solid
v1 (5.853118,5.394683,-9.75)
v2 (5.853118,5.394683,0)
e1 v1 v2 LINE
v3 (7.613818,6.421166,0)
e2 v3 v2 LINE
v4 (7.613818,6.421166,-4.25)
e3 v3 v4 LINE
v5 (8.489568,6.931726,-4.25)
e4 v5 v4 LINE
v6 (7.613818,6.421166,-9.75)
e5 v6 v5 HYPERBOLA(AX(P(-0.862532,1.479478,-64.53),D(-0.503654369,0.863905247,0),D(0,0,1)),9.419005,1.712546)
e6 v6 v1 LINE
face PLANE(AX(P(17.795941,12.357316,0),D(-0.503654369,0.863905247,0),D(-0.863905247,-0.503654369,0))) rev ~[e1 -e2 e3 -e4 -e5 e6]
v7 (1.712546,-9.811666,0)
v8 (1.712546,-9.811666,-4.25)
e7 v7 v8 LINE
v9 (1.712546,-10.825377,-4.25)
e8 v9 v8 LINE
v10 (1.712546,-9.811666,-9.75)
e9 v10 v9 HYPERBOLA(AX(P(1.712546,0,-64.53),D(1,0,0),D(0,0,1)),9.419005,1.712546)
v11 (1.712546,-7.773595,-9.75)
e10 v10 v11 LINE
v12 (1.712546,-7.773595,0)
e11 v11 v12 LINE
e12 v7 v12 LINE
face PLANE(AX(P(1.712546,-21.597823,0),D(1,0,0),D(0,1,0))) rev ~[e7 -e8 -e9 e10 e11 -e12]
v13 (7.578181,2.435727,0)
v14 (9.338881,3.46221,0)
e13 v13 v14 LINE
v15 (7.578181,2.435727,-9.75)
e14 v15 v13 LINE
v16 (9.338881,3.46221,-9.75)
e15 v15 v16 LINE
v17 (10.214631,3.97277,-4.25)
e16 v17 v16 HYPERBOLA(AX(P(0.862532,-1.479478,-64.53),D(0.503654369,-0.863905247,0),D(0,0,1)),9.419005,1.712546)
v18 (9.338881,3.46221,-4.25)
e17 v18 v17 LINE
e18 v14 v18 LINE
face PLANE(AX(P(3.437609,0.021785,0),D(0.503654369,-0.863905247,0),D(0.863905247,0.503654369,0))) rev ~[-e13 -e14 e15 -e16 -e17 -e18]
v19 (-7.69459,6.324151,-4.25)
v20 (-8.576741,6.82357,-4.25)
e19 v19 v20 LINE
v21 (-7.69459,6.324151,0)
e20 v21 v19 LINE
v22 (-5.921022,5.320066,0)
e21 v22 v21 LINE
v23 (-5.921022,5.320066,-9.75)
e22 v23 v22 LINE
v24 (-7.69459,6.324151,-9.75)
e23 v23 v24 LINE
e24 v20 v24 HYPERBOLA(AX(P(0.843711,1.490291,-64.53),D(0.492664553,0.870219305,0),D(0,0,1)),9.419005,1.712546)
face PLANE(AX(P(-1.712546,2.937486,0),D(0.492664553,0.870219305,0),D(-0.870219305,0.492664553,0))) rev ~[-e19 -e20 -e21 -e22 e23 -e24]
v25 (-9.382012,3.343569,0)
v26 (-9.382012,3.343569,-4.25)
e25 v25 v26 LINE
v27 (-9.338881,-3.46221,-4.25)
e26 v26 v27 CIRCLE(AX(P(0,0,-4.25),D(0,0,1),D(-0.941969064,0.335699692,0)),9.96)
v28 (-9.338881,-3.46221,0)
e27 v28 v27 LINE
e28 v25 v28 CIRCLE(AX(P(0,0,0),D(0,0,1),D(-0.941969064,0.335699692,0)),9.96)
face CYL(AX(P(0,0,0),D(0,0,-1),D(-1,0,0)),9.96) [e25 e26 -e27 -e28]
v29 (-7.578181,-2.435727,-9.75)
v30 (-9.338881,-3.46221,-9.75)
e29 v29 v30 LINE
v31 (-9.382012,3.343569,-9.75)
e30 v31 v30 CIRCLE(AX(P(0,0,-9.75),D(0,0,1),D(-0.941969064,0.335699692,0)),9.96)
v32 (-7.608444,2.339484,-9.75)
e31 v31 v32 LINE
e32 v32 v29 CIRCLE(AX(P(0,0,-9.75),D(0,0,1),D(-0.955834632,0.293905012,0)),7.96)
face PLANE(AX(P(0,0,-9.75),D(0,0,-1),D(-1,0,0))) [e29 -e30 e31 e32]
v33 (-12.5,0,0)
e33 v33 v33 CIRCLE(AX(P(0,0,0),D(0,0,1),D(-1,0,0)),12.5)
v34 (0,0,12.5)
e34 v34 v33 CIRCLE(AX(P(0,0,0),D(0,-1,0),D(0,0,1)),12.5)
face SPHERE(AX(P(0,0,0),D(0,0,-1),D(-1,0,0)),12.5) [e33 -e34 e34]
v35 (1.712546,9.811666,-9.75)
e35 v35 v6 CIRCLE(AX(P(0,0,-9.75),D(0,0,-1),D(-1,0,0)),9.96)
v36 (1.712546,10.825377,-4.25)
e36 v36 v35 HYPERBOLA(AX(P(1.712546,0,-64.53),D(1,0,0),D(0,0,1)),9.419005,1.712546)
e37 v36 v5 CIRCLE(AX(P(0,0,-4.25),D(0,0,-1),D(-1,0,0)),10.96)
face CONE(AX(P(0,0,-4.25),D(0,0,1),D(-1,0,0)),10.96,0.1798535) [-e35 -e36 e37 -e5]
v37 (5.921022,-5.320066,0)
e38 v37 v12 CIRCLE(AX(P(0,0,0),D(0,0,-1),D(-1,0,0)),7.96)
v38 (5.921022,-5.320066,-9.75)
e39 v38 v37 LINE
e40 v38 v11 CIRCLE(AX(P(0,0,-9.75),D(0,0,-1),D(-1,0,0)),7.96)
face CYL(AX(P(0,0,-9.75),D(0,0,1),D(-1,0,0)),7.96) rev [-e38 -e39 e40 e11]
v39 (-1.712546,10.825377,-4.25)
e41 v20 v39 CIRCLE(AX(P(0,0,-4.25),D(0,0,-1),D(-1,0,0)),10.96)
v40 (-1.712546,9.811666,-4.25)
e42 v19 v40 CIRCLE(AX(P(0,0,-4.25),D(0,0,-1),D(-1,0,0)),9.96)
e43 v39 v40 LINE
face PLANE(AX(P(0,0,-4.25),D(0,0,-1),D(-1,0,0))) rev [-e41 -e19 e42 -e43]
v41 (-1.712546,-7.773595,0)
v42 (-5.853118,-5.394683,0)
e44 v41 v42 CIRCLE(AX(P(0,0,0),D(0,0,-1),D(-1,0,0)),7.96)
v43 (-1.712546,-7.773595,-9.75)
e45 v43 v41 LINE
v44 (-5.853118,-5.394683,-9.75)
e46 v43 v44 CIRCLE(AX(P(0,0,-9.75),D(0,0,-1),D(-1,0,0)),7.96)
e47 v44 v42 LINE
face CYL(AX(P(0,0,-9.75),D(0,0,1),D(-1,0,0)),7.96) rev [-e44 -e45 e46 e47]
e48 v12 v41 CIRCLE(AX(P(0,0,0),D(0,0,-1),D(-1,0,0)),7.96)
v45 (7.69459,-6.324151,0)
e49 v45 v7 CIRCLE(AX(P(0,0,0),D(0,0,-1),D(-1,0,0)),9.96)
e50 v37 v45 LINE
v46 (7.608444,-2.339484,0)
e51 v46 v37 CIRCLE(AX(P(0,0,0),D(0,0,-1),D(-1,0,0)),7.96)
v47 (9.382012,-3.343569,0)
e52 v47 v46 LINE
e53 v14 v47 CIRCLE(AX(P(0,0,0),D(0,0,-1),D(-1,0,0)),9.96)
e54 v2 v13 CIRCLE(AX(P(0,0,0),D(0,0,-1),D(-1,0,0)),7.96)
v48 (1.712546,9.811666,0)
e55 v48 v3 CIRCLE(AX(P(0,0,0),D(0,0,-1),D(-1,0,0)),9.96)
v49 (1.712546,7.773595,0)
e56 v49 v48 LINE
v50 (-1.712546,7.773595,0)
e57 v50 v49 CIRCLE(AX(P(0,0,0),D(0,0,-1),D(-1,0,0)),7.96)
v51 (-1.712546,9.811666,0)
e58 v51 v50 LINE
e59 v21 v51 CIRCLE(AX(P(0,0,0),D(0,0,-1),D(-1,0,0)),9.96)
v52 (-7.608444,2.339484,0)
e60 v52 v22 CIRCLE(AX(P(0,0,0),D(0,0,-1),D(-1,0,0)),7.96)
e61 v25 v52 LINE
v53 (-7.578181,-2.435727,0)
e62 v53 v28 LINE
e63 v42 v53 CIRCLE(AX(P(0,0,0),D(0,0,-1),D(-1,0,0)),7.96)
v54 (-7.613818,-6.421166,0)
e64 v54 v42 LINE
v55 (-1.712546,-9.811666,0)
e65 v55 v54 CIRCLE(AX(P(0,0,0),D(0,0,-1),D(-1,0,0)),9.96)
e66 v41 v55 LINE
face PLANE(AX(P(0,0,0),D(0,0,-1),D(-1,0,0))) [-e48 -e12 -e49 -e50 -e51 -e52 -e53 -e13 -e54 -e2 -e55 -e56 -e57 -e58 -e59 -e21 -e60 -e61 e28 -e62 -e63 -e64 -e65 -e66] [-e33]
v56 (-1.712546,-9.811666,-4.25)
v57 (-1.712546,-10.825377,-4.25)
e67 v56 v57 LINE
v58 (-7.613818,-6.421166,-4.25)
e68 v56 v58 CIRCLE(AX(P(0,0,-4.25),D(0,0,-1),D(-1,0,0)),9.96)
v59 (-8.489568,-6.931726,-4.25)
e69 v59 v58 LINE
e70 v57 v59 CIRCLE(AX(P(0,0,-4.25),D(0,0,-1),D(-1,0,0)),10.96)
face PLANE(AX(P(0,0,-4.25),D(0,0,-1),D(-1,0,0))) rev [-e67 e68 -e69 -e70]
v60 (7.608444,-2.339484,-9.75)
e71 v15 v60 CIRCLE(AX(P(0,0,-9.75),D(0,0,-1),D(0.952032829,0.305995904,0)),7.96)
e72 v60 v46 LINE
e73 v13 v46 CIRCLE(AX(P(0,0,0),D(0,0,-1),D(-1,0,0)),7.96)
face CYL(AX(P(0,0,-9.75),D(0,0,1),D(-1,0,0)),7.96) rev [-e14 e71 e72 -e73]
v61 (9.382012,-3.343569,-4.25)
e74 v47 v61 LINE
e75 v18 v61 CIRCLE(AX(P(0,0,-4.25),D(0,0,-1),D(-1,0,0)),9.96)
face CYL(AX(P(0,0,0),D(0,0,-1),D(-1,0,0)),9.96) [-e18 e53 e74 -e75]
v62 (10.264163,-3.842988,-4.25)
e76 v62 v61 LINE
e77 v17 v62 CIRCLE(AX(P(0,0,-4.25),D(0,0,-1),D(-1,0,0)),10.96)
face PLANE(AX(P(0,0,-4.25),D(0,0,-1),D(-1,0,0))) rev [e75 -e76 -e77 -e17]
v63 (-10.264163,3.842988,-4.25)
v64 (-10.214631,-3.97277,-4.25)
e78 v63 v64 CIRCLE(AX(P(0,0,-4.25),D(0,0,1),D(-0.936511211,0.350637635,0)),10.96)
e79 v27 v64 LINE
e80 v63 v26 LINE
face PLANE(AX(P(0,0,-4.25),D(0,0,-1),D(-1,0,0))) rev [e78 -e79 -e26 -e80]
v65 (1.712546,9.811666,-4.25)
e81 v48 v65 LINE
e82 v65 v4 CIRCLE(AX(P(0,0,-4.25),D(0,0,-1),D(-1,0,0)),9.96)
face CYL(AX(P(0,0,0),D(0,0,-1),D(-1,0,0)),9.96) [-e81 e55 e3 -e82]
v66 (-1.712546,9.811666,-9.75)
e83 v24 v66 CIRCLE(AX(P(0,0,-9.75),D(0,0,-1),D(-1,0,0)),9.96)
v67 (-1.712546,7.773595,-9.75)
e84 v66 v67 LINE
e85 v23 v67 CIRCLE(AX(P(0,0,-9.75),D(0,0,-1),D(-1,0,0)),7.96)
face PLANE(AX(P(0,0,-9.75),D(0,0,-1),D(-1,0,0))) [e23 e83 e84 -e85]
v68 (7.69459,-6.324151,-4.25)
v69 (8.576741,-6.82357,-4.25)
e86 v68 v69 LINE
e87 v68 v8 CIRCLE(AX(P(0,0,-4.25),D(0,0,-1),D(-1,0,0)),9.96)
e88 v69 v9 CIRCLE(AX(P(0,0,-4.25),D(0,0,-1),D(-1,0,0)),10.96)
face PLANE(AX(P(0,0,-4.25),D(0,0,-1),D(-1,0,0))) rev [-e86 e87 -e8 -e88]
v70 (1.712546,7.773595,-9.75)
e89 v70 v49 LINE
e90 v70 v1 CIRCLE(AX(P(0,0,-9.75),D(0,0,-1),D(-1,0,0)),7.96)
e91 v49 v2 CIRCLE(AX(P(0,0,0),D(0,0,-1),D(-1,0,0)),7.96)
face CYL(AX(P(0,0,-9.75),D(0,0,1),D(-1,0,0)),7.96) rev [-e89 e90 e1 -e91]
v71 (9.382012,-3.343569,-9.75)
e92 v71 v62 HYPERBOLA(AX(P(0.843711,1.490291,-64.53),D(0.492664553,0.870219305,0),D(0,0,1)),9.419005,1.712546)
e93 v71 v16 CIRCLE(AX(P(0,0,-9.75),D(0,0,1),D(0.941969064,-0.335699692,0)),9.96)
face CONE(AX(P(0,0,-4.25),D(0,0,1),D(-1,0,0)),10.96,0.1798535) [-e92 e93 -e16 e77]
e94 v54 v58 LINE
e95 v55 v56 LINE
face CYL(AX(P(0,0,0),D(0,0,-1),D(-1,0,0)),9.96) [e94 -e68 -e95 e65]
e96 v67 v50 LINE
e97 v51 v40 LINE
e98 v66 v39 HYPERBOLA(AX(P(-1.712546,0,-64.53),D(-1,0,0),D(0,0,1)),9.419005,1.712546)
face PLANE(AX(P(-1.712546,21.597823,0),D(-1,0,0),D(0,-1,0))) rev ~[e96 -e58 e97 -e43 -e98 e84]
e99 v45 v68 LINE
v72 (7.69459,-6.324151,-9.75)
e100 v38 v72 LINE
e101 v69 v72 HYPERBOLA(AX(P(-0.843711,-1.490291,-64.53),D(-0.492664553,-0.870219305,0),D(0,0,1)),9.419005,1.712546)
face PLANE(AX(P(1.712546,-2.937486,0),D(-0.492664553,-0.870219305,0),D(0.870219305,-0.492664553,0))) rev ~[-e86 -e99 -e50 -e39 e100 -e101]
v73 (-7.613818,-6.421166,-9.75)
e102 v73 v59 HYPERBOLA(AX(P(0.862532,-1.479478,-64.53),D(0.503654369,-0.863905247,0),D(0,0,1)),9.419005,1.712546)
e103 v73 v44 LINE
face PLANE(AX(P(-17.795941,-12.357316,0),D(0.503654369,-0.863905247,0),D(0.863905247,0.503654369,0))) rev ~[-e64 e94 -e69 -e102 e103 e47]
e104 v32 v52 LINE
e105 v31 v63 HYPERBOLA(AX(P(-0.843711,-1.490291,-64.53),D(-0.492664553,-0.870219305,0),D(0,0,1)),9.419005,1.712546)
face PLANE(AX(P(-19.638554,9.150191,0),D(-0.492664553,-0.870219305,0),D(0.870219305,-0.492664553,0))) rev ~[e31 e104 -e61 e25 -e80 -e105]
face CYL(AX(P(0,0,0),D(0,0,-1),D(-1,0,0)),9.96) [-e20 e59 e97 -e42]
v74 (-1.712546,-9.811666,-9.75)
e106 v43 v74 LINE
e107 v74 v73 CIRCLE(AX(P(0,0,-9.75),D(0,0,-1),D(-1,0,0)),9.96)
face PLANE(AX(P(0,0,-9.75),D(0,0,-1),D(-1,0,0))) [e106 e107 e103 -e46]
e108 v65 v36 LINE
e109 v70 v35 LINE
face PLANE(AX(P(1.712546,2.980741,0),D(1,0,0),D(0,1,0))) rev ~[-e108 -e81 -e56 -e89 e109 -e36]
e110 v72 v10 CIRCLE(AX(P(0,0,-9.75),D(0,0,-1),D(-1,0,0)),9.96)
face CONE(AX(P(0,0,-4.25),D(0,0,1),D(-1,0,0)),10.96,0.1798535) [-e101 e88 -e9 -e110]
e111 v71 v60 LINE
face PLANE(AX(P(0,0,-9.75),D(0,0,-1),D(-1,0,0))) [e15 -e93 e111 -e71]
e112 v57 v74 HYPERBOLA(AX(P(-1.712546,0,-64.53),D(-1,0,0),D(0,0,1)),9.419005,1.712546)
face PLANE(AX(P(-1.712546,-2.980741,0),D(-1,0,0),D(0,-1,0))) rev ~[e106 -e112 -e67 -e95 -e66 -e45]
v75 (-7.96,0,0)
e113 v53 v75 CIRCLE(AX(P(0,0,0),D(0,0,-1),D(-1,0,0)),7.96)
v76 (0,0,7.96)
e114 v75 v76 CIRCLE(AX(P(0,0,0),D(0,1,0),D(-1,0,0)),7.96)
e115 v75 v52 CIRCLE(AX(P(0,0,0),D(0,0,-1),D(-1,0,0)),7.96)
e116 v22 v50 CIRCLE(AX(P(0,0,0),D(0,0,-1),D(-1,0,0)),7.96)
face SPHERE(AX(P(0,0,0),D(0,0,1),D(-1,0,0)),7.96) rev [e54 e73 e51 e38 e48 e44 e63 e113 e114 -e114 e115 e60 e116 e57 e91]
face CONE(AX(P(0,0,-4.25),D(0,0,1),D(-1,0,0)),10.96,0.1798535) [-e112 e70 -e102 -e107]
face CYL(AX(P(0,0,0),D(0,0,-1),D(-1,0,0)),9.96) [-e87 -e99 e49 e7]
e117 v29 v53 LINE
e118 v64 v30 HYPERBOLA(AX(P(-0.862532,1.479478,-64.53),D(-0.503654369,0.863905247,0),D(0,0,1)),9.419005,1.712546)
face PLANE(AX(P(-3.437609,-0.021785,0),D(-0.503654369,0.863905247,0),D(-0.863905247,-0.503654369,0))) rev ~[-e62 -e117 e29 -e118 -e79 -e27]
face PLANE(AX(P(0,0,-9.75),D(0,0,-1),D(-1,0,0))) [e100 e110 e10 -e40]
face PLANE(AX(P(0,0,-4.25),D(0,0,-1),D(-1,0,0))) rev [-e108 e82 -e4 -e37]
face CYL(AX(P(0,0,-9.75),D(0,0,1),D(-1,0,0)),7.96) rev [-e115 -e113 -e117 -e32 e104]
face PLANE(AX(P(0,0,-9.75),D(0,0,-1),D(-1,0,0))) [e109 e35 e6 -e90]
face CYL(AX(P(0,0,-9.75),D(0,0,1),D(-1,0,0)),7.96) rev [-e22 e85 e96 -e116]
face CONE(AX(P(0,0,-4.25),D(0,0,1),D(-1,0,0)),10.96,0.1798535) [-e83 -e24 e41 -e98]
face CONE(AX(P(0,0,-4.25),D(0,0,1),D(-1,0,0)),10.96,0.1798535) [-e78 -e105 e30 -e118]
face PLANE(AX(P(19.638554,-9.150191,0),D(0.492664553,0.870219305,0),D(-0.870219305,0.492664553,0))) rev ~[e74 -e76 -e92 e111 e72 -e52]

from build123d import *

# Parameters (mm, degrees)
F3_FACE_R   = 9.96
F3_FACE_R_2 = 7.96
F2_DEPTH    = 9.751


with BuildPart() as f3:
    # F0 (on Front) → F3 (revolve)
    with BuildSketch(Plane.XZ):
        with BuildLine():
            ThreePointArc((0, 12.5), (-8.8388347648, 8.8388347648), (-12.5, 0))
            Line((-12.5, 0), (-9.96, 0))
            Line((-9.96, 0), (-9.96, -4.25))
            Line((-9.96, -4.25), (-10.96, -4.25))
            Line((-10.96, -4.25), (-9.96, -9.75))
            Line((-9.96, -9.75), (-7.96, -9.75))
            Line((-7.96, -9.75), (-7.96, 0))
            ThreePointArc((-7.96, 0), (-5.6285699782, 5.6285699782), (0, 7.96))
            Line((0, 7.96), (0, 12.5))
        make_face()
    revolve(axis=Axis((0, 0, 10.23), (0, 0, -1)))

    # F1 (on Top) + F3_face (on face) → F2 (cut, through all)
    with BuildSketch(Plane.XY):
        Polygon((1.712546451, 2.9807411881), (1.712546451, 21.5978231281), (-1.712546451, 21.5978231281), (-1.712546451, 2.9374864114), (-0.0125165538, 1.9750342288), align=None)
        Polygon((17.7959412298, 12.3573158479), (1.712546451, 2.9807411881), (1.712546451, 0.998409843), (3.4376094559, 0.0217854573), (19.5210042346, 9.3983601171), align=None)
        Polygon((1.712546451, 0.998409843), (1.712546451, 2.9807411881), (-0.0125165538, 1.9750342288), align=None)
        Polygon((-0.0125165538, 1.9750342288), (-1.712546451, 2.9374864114), (-1.712546451, 0.983921502), align=None)
        Polygon((-1.712546451, 0.983921502), (-1.712546451, 2.9374864114), (-17.9511316948, 12.1307728565), (-19.6385535579, 9.1501908926), (-3.4376094559, -0.0217854573), align=None)
        Polygon((3.4376094559, 0.0217854573), (1.712546451, 0.998409843), (1.712546451, -0.983921502), align=None)
        Polygon((-1.712546451, -0.998409843), (-1.712546451, 0.983921502), (-3.4376094559, -0.0217854573), align=None)
        Polygon((3.4376094559, 0.0217854573), (1.712546451, -0.983921502), (1.712546451, -2.9374864114), (17.9511316948, -12.1307728565), (19.6385535579, -9.1501908926), align=None)
        Polygon((1.712546451, -2.9374864114), (1.712546451, -0.983921502), (0.0125165538, -1.9750342288), align=None)
        Polygon((0.0125165538, -1.9750342288), (-1.712546451, -0.998409843), (-1.712546451, -2.9807411881), align=None)
        Polygon((-1.712546451, -2.9807411881), (-1.712546451, -0.998409843), (-3.4376094559, -0.0217854573), (-19.5210042346, -9.3983601171), (-17.7959412298, -12.3573158479), align=None)
        Polygon((1.712546451, -21.5978231281), (1.712546451, -2.9374864114), (0.0125165538, -1.9750342288), (-1.712546451, -2.9807411881), (-1.712546451, -21.5978231281), align=None)
    with BuildSketch(Plane(origin=(0, 0, -9.75), x_dir=(1, 0, 0), z_dir=(0, 0, -1))):
        Circle(F3_FACE_R)
        Circle(F3_FACE_R_2, mode=Mode.SUBTRACT)
    extrude(amount=-F2_DEPTH, dir=(0, 0, 1), mode=Mode.SUBTRACT)


solid = f3.part
